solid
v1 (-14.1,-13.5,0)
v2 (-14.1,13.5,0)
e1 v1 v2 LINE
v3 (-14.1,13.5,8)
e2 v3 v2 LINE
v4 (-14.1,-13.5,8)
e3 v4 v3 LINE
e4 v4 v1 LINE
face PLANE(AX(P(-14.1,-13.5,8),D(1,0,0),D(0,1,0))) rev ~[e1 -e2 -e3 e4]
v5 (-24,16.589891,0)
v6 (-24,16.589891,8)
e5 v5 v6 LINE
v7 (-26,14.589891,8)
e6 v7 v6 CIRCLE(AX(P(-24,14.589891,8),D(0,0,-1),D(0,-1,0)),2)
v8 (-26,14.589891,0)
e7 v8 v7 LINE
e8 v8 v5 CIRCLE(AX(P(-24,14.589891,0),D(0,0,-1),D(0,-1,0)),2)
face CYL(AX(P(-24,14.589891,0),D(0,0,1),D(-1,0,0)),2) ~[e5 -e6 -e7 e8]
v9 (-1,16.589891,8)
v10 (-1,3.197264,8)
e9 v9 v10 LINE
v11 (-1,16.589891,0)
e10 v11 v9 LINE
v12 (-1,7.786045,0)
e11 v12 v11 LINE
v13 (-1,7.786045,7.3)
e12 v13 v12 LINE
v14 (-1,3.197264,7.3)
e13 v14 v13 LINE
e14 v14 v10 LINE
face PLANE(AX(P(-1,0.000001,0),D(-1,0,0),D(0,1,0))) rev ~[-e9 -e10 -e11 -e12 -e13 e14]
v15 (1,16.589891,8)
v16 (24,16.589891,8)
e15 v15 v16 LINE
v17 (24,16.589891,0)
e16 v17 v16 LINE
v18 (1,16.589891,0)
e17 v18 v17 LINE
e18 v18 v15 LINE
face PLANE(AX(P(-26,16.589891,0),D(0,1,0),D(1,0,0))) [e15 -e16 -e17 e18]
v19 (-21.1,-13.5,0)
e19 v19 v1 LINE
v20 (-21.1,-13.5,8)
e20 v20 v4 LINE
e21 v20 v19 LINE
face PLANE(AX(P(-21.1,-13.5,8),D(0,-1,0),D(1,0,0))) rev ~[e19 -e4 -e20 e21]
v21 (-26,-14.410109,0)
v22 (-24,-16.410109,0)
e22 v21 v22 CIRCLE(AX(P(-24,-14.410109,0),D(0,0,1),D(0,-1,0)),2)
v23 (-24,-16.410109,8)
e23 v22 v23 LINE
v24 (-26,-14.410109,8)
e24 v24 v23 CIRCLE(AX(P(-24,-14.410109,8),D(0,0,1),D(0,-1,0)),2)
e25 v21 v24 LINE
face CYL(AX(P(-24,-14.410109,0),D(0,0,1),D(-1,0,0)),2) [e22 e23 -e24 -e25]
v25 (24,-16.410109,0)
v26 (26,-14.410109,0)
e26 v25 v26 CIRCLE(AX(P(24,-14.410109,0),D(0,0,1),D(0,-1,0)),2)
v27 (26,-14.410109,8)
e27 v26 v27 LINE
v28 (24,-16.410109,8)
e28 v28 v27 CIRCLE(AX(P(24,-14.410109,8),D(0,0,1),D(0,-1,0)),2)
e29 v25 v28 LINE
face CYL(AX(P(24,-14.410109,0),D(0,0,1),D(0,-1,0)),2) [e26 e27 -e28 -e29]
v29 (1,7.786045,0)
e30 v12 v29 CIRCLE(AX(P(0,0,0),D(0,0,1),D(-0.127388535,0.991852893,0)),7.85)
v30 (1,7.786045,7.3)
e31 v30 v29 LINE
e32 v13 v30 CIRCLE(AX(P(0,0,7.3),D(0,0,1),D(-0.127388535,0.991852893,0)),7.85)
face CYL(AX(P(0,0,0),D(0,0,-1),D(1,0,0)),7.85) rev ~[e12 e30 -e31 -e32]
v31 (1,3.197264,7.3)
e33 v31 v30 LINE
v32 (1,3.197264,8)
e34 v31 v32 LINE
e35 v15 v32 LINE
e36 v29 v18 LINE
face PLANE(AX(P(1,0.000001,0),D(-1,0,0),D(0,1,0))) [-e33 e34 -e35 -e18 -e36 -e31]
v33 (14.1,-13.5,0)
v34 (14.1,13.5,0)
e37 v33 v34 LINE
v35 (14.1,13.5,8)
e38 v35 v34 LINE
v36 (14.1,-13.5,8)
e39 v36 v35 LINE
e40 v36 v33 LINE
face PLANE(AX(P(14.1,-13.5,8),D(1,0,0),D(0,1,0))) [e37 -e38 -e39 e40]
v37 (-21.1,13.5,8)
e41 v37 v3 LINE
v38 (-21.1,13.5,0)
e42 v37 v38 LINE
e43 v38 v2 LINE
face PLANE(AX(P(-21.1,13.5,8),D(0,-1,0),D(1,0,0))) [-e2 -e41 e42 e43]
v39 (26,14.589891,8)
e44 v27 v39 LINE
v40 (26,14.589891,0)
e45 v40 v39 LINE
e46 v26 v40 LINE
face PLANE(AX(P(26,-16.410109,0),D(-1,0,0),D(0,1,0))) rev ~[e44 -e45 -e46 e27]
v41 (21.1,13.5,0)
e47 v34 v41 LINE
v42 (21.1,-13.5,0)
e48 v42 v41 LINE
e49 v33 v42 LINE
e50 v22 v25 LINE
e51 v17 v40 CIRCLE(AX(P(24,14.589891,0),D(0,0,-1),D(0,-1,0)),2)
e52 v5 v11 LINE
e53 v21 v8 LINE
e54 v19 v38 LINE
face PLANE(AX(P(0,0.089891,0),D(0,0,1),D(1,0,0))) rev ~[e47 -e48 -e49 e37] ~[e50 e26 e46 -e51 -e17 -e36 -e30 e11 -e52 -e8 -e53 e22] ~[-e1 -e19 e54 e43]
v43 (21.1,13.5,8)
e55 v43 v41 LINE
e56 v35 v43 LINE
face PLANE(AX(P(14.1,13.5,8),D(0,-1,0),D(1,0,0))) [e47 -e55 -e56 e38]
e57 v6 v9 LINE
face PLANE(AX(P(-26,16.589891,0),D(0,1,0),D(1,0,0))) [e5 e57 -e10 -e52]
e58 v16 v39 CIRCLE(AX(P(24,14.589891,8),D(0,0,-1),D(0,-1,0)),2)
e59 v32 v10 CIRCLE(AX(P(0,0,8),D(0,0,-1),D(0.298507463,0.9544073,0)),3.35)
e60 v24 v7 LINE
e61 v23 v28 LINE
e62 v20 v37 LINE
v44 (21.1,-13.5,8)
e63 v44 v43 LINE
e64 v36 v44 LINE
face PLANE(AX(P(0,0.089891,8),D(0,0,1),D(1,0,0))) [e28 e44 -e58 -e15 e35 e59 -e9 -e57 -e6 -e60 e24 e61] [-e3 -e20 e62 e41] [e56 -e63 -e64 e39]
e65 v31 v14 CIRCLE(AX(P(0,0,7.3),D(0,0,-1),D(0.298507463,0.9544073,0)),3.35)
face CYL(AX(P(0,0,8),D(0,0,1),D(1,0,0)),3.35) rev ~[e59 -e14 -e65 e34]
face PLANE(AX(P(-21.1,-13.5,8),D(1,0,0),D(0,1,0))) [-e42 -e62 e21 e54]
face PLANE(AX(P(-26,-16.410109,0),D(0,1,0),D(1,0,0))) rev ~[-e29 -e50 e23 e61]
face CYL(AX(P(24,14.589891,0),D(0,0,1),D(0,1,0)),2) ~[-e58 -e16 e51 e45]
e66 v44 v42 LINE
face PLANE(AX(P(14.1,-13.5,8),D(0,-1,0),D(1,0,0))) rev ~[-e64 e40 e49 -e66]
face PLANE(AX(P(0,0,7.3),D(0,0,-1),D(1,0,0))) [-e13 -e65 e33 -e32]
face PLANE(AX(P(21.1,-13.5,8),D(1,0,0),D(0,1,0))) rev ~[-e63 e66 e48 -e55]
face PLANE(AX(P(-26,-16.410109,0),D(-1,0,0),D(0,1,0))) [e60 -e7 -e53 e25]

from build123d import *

# Parameters (mm, degrees)
F0_W      = 52
F0_H      = 33
F1_DEPTH  = 8
F2_R      = 7.85
F3_DEPTH  = 7.3
F4_R      = 3.35
F5_DEPTH  = 10
F6_R      = 2
F7_W      = 2
F7_H      = 22.600369
F8_DEPTH  = 18
F9_W      = 7
F9_H      = 27
F10_DEPTH = 8.001


with BuildPart() as f1:
    # F0 (on Top) → F1 (new body)
    with BuildSketch(Plane.XY):
        with Locations((0, 0.089891)):
            Rectangle(F0_W, F0_H)
    extrude(amount=F1_DEPTH)

    # F2 (on face) → F3 (cut)
    with BuildSketch(Plane(origin=(0, 0, 0), x_dir=(1, 0, 0), z_dir=(0, 0, -1))):
        Circle(F2_R)
    extrude(amount=-F3_DEPTH, mode=Mode.SUBTRACT)

    # F4 (on face) → F5 (cut)
    with BuildSketch(Plane.XY.offset(8)):
        Circle(F4_R)
    extrude(amount=-F5_DEPTH, mode=Mode.SUBTRACT)

    # F6
    f6_edges = [f1.edges().sort_by_distance(p)[0] for p in [
        (26, -16.410109, 4),
        (26, 16.589891, 4),
        (-26, 16.589891, 4),
        (-26, -16.410109, 4),
    ]]
    fillet(f6_edges, radius=F6_R)

    # F7 (on Top) → F8 (cut)
    with BuildSketch(Plane.XY):
        with Locations((0, 11.300185)):
            Rectangle(F7_W, F7_H)
    extrude(amount=F8_DEPTH, mode=Mode.SUBTRACT)

    # F9 (on face) → F10 (cut, through all)
    with BuildSketch(Plane.XY.offset(8)):
        with Locations((-17.6, 0)):
            Rectangle(F9_W, F9_H)
        with Locations((17.6, 0)):
            Rectangle(F9_W, F9_H)
    extrude(amount=-F10_DEPTH, mode=Mode.SUBTRACT)


solid = f1.part
